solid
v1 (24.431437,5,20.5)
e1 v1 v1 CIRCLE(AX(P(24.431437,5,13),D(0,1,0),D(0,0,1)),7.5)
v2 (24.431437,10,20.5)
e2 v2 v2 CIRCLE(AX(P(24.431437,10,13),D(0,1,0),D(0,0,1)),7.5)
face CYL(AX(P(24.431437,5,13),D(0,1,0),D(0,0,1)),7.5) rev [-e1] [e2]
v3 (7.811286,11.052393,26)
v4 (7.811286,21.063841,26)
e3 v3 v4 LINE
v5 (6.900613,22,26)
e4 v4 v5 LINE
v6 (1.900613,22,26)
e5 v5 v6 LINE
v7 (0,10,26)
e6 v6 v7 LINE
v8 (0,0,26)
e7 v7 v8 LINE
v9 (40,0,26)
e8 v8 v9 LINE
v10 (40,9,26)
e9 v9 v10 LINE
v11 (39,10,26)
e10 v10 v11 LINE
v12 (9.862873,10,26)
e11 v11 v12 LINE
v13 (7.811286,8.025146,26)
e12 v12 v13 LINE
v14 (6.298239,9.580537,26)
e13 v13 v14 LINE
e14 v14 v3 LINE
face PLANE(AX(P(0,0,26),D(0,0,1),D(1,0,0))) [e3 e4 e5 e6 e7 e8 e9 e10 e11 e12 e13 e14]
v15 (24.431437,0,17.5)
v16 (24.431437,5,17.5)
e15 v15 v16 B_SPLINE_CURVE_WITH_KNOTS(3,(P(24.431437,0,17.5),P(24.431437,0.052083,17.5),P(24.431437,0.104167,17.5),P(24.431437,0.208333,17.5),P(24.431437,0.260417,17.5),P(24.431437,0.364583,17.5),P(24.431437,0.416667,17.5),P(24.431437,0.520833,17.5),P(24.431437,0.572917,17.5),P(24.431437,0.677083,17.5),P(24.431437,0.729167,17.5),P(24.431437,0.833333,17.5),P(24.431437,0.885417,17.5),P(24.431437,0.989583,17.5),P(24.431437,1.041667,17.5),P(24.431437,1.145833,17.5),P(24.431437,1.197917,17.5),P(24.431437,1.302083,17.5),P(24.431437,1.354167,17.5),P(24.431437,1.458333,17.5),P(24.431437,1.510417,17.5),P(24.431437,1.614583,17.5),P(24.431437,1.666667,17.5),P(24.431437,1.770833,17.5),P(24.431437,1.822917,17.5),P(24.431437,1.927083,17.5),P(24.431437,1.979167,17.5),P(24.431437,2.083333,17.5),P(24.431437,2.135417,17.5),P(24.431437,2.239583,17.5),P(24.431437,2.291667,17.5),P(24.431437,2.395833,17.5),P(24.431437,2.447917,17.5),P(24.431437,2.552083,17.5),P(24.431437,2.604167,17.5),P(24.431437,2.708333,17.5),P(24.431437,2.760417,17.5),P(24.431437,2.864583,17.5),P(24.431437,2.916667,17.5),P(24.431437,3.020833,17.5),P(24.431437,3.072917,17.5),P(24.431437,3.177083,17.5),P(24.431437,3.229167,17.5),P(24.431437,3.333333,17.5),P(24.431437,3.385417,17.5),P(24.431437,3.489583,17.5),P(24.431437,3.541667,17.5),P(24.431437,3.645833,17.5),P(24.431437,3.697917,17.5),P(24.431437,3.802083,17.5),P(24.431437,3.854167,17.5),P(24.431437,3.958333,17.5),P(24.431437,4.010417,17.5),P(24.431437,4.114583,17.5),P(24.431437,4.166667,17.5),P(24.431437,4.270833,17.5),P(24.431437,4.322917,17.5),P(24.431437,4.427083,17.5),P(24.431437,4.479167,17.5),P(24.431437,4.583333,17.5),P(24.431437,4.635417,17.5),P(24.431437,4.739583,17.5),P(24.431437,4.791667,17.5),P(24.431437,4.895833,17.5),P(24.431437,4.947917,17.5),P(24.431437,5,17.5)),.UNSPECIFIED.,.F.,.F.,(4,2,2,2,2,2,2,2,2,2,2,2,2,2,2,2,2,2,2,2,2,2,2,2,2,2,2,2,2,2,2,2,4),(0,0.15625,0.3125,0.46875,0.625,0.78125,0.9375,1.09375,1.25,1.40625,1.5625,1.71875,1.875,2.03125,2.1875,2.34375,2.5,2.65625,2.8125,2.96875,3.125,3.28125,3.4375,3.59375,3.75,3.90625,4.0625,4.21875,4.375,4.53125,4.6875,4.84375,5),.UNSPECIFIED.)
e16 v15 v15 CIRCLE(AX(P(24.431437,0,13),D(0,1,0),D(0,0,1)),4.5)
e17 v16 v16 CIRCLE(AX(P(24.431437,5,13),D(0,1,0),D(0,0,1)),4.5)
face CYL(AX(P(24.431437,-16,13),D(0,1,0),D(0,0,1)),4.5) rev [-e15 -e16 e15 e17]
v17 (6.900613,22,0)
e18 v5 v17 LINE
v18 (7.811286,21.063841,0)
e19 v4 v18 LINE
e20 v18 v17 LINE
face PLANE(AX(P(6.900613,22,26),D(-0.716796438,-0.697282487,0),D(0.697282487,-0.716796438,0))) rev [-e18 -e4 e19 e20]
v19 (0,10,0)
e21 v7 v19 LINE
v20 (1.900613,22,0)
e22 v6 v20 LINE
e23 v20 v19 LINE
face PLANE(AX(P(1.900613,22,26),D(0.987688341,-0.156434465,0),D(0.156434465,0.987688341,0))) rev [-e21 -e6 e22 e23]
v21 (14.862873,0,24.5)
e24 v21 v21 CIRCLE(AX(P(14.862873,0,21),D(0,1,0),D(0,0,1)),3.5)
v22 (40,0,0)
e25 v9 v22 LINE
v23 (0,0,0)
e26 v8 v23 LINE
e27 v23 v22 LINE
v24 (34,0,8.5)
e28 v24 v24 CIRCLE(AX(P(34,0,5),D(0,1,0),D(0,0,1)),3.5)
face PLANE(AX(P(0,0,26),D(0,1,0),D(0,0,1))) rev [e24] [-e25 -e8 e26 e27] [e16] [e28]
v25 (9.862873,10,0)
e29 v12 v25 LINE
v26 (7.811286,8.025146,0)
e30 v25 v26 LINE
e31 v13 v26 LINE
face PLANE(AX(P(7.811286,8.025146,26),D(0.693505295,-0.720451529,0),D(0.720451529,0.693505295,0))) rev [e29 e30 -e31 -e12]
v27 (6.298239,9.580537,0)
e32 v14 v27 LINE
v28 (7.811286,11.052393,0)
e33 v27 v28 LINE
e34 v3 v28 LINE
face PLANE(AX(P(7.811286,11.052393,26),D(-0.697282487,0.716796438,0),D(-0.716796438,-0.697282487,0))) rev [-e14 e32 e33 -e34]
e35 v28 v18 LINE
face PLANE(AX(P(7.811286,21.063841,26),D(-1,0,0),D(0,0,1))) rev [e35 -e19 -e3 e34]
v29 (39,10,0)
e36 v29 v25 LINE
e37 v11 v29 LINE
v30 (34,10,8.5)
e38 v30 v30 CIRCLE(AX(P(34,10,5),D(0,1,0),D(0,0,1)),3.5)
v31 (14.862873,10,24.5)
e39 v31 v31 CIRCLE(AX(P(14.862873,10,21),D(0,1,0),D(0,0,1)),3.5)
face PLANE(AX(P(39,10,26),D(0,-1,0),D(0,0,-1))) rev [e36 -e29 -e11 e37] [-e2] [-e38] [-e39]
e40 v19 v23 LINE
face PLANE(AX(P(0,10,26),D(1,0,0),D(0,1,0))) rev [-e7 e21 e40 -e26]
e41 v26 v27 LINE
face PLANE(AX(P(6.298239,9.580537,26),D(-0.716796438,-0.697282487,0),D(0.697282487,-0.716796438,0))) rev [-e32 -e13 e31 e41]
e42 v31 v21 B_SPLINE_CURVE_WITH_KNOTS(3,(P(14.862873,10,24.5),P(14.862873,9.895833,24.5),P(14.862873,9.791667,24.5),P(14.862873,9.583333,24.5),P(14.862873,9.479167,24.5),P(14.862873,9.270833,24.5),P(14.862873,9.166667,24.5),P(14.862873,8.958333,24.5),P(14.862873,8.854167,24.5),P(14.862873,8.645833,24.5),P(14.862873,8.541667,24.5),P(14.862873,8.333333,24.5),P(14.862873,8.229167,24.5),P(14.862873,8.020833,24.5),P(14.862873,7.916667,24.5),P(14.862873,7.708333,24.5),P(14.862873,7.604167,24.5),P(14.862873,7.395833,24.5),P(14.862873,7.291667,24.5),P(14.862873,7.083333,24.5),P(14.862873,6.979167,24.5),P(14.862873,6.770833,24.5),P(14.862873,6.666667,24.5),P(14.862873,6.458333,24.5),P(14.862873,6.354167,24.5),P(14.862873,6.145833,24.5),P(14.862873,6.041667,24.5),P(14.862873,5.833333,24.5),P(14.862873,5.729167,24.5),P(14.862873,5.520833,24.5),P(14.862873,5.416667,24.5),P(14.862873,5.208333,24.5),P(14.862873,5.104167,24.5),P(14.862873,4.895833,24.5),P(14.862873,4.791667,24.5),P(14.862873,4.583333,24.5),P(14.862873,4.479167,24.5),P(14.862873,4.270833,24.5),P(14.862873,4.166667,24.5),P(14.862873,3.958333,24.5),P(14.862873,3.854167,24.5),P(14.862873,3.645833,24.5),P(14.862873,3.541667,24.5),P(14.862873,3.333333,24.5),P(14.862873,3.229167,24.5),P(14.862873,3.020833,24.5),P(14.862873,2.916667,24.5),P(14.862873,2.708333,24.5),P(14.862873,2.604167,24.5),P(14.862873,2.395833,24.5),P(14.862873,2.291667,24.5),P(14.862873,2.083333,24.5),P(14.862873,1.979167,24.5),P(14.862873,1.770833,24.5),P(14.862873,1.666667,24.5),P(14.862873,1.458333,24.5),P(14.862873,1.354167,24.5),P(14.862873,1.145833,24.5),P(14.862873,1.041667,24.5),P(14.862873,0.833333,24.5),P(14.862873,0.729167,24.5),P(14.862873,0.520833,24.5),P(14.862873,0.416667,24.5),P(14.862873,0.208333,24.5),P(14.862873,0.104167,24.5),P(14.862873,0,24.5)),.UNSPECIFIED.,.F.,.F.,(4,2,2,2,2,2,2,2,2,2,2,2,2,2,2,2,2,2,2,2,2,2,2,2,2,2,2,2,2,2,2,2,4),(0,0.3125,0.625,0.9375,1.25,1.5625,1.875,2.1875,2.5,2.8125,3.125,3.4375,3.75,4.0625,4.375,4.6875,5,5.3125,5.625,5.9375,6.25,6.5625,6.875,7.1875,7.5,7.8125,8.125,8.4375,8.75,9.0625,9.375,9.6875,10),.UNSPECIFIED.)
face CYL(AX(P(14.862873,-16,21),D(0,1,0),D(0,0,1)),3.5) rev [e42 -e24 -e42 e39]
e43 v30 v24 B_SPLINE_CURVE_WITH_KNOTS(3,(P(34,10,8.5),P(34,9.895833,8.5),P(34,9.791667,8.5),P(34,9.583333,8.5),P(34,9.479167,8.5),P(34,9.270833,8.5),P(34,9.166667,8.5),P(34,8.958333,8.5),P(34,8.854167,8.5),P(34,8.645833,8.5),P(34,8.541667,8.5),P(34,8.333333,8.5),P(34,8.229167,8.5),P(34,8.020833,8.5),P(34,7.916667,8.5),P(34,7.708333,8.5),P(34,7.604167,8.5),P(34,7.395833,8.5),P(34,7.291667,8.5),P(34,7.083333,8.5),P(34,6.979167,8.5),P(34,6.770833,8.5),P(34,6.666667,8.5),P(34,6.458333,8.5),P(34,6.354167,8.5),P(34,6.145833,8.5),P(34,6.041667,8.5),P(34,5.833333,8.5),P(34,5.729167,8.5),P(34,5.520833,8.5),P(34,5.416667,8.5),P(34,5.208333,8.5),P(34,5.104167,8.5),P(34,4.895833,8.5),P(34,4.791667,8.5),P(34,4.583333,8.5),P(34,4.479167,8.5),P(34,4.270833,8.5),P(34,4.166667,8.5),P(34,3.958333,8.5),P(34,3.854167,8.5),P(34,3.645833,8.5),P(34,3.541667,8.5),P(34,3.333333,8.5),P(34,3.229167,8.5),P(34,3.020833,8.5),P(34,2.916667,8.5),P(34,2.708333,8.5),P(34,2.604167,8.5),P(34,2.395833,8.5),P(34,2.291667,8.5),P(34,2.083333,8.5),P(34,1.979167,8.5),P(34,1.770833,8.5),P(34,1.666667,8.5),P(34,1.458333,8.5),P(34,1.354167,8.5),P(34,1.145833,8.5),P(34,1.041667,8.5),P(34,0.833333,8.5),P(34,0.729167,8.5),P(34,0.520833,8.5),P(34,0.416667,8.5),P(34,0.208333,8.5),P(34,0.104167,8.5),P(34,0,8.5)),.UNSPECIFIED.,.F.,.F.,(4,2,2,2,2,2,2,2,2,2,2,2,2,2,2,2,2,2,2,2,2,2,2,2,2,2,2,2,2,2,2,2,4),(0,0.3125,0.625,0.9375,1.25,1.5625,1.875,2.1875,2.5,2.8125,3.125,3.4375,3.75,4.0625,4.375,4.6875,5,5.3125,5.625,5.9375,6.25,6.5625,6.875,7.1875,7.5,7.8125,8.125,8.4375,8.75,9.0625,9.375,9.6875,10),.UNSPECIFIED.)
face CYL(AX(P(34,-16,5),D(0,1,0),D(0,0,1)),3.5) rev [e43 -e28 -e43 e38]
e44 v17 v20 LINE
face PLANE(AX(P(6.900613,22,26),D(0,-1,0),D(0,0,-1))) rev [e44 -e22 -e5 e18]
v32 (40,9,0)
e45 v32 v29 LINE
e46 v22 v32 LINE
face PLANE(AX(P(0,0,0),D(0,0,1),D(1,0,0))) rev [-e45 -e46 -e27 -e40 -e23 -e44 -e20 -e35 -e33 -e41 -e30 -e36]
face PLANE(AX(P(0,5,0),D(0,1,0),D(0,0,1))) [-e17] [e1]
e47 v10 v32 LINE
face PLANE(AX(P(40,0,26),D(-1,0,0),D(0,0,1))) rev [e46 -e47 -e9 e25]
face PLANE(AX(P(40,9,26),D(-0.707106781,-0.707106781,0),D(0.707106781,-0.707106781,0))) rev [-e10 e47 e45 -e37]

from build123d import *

# Parameters (mm, degrees)
EXTRUDE_1_DEPTH     = 26
SKETCH_2_R          = 3.5
SKETCH_2_R_2        = 4.5
CUT_EXTRUDE_1_DEPTH = 26
SKETCH_2_3_R        = 7.5
SKETCH_2_3_R_2      = 4.5
CUT_EXTRUDE_2_DEPTH = 5


with BuildPart() as part:
    # 草图1 → 凸台-拉伸1 (new body)
    with BuildSketch(Plane.XY):
        Polygon((0, 0), (40, 0), (40, 9), (39, 10), (9.862873216, 10), (7.811286052, 8.025146032), (6.29823885, 9.580536944), (7.811286052, 11.052393193), (7.811286052, 21.063841402), (6.900613284, 22), (1.900613284, 22), (0, 10), align=None)
    extrude(amount=EXTRUDE_1_DEPTH)

    # 草图2 → 切除-拉伸1 (cut)
    with BuildSketch(Plane(origin=(0, 10, 0), x_dir=(1, 0, 0), z_dir=(0, 1, 0))):
        with Locations((34, -5)):
            Circle(SKETCH_2_R)
        with Locations((24.431436608, -13)):
            Circle(SKETCH_2_R_2)
        with Locations((14.862873216, -21)):
            Circle(SKETCH_2_R)
    extrude(amount=-CUT_EXTRUDE_1_DEPTH, mode=Mode.SUBTRACT)

    # 草图2<3> → 切除-拉伸2 (cut)
    with BuildSketch(Plane(origin=(0, 10, 0), x_dir=(1, 0, 0), z_dir=(0, 1, 0))):
        with Locations((24.431436608, -13)):
            Circle(SKETCH_2_3_R)
        with Locations((24.431436608, -13)):
            Circle(SKETCH_2_3_R_2, mode=Mode.SUBTRACT)
    extrude(amount=-CUT_EXTRUDE_2_DEPTH, mode=Mode.SUBTRACT)


solid = part.part
